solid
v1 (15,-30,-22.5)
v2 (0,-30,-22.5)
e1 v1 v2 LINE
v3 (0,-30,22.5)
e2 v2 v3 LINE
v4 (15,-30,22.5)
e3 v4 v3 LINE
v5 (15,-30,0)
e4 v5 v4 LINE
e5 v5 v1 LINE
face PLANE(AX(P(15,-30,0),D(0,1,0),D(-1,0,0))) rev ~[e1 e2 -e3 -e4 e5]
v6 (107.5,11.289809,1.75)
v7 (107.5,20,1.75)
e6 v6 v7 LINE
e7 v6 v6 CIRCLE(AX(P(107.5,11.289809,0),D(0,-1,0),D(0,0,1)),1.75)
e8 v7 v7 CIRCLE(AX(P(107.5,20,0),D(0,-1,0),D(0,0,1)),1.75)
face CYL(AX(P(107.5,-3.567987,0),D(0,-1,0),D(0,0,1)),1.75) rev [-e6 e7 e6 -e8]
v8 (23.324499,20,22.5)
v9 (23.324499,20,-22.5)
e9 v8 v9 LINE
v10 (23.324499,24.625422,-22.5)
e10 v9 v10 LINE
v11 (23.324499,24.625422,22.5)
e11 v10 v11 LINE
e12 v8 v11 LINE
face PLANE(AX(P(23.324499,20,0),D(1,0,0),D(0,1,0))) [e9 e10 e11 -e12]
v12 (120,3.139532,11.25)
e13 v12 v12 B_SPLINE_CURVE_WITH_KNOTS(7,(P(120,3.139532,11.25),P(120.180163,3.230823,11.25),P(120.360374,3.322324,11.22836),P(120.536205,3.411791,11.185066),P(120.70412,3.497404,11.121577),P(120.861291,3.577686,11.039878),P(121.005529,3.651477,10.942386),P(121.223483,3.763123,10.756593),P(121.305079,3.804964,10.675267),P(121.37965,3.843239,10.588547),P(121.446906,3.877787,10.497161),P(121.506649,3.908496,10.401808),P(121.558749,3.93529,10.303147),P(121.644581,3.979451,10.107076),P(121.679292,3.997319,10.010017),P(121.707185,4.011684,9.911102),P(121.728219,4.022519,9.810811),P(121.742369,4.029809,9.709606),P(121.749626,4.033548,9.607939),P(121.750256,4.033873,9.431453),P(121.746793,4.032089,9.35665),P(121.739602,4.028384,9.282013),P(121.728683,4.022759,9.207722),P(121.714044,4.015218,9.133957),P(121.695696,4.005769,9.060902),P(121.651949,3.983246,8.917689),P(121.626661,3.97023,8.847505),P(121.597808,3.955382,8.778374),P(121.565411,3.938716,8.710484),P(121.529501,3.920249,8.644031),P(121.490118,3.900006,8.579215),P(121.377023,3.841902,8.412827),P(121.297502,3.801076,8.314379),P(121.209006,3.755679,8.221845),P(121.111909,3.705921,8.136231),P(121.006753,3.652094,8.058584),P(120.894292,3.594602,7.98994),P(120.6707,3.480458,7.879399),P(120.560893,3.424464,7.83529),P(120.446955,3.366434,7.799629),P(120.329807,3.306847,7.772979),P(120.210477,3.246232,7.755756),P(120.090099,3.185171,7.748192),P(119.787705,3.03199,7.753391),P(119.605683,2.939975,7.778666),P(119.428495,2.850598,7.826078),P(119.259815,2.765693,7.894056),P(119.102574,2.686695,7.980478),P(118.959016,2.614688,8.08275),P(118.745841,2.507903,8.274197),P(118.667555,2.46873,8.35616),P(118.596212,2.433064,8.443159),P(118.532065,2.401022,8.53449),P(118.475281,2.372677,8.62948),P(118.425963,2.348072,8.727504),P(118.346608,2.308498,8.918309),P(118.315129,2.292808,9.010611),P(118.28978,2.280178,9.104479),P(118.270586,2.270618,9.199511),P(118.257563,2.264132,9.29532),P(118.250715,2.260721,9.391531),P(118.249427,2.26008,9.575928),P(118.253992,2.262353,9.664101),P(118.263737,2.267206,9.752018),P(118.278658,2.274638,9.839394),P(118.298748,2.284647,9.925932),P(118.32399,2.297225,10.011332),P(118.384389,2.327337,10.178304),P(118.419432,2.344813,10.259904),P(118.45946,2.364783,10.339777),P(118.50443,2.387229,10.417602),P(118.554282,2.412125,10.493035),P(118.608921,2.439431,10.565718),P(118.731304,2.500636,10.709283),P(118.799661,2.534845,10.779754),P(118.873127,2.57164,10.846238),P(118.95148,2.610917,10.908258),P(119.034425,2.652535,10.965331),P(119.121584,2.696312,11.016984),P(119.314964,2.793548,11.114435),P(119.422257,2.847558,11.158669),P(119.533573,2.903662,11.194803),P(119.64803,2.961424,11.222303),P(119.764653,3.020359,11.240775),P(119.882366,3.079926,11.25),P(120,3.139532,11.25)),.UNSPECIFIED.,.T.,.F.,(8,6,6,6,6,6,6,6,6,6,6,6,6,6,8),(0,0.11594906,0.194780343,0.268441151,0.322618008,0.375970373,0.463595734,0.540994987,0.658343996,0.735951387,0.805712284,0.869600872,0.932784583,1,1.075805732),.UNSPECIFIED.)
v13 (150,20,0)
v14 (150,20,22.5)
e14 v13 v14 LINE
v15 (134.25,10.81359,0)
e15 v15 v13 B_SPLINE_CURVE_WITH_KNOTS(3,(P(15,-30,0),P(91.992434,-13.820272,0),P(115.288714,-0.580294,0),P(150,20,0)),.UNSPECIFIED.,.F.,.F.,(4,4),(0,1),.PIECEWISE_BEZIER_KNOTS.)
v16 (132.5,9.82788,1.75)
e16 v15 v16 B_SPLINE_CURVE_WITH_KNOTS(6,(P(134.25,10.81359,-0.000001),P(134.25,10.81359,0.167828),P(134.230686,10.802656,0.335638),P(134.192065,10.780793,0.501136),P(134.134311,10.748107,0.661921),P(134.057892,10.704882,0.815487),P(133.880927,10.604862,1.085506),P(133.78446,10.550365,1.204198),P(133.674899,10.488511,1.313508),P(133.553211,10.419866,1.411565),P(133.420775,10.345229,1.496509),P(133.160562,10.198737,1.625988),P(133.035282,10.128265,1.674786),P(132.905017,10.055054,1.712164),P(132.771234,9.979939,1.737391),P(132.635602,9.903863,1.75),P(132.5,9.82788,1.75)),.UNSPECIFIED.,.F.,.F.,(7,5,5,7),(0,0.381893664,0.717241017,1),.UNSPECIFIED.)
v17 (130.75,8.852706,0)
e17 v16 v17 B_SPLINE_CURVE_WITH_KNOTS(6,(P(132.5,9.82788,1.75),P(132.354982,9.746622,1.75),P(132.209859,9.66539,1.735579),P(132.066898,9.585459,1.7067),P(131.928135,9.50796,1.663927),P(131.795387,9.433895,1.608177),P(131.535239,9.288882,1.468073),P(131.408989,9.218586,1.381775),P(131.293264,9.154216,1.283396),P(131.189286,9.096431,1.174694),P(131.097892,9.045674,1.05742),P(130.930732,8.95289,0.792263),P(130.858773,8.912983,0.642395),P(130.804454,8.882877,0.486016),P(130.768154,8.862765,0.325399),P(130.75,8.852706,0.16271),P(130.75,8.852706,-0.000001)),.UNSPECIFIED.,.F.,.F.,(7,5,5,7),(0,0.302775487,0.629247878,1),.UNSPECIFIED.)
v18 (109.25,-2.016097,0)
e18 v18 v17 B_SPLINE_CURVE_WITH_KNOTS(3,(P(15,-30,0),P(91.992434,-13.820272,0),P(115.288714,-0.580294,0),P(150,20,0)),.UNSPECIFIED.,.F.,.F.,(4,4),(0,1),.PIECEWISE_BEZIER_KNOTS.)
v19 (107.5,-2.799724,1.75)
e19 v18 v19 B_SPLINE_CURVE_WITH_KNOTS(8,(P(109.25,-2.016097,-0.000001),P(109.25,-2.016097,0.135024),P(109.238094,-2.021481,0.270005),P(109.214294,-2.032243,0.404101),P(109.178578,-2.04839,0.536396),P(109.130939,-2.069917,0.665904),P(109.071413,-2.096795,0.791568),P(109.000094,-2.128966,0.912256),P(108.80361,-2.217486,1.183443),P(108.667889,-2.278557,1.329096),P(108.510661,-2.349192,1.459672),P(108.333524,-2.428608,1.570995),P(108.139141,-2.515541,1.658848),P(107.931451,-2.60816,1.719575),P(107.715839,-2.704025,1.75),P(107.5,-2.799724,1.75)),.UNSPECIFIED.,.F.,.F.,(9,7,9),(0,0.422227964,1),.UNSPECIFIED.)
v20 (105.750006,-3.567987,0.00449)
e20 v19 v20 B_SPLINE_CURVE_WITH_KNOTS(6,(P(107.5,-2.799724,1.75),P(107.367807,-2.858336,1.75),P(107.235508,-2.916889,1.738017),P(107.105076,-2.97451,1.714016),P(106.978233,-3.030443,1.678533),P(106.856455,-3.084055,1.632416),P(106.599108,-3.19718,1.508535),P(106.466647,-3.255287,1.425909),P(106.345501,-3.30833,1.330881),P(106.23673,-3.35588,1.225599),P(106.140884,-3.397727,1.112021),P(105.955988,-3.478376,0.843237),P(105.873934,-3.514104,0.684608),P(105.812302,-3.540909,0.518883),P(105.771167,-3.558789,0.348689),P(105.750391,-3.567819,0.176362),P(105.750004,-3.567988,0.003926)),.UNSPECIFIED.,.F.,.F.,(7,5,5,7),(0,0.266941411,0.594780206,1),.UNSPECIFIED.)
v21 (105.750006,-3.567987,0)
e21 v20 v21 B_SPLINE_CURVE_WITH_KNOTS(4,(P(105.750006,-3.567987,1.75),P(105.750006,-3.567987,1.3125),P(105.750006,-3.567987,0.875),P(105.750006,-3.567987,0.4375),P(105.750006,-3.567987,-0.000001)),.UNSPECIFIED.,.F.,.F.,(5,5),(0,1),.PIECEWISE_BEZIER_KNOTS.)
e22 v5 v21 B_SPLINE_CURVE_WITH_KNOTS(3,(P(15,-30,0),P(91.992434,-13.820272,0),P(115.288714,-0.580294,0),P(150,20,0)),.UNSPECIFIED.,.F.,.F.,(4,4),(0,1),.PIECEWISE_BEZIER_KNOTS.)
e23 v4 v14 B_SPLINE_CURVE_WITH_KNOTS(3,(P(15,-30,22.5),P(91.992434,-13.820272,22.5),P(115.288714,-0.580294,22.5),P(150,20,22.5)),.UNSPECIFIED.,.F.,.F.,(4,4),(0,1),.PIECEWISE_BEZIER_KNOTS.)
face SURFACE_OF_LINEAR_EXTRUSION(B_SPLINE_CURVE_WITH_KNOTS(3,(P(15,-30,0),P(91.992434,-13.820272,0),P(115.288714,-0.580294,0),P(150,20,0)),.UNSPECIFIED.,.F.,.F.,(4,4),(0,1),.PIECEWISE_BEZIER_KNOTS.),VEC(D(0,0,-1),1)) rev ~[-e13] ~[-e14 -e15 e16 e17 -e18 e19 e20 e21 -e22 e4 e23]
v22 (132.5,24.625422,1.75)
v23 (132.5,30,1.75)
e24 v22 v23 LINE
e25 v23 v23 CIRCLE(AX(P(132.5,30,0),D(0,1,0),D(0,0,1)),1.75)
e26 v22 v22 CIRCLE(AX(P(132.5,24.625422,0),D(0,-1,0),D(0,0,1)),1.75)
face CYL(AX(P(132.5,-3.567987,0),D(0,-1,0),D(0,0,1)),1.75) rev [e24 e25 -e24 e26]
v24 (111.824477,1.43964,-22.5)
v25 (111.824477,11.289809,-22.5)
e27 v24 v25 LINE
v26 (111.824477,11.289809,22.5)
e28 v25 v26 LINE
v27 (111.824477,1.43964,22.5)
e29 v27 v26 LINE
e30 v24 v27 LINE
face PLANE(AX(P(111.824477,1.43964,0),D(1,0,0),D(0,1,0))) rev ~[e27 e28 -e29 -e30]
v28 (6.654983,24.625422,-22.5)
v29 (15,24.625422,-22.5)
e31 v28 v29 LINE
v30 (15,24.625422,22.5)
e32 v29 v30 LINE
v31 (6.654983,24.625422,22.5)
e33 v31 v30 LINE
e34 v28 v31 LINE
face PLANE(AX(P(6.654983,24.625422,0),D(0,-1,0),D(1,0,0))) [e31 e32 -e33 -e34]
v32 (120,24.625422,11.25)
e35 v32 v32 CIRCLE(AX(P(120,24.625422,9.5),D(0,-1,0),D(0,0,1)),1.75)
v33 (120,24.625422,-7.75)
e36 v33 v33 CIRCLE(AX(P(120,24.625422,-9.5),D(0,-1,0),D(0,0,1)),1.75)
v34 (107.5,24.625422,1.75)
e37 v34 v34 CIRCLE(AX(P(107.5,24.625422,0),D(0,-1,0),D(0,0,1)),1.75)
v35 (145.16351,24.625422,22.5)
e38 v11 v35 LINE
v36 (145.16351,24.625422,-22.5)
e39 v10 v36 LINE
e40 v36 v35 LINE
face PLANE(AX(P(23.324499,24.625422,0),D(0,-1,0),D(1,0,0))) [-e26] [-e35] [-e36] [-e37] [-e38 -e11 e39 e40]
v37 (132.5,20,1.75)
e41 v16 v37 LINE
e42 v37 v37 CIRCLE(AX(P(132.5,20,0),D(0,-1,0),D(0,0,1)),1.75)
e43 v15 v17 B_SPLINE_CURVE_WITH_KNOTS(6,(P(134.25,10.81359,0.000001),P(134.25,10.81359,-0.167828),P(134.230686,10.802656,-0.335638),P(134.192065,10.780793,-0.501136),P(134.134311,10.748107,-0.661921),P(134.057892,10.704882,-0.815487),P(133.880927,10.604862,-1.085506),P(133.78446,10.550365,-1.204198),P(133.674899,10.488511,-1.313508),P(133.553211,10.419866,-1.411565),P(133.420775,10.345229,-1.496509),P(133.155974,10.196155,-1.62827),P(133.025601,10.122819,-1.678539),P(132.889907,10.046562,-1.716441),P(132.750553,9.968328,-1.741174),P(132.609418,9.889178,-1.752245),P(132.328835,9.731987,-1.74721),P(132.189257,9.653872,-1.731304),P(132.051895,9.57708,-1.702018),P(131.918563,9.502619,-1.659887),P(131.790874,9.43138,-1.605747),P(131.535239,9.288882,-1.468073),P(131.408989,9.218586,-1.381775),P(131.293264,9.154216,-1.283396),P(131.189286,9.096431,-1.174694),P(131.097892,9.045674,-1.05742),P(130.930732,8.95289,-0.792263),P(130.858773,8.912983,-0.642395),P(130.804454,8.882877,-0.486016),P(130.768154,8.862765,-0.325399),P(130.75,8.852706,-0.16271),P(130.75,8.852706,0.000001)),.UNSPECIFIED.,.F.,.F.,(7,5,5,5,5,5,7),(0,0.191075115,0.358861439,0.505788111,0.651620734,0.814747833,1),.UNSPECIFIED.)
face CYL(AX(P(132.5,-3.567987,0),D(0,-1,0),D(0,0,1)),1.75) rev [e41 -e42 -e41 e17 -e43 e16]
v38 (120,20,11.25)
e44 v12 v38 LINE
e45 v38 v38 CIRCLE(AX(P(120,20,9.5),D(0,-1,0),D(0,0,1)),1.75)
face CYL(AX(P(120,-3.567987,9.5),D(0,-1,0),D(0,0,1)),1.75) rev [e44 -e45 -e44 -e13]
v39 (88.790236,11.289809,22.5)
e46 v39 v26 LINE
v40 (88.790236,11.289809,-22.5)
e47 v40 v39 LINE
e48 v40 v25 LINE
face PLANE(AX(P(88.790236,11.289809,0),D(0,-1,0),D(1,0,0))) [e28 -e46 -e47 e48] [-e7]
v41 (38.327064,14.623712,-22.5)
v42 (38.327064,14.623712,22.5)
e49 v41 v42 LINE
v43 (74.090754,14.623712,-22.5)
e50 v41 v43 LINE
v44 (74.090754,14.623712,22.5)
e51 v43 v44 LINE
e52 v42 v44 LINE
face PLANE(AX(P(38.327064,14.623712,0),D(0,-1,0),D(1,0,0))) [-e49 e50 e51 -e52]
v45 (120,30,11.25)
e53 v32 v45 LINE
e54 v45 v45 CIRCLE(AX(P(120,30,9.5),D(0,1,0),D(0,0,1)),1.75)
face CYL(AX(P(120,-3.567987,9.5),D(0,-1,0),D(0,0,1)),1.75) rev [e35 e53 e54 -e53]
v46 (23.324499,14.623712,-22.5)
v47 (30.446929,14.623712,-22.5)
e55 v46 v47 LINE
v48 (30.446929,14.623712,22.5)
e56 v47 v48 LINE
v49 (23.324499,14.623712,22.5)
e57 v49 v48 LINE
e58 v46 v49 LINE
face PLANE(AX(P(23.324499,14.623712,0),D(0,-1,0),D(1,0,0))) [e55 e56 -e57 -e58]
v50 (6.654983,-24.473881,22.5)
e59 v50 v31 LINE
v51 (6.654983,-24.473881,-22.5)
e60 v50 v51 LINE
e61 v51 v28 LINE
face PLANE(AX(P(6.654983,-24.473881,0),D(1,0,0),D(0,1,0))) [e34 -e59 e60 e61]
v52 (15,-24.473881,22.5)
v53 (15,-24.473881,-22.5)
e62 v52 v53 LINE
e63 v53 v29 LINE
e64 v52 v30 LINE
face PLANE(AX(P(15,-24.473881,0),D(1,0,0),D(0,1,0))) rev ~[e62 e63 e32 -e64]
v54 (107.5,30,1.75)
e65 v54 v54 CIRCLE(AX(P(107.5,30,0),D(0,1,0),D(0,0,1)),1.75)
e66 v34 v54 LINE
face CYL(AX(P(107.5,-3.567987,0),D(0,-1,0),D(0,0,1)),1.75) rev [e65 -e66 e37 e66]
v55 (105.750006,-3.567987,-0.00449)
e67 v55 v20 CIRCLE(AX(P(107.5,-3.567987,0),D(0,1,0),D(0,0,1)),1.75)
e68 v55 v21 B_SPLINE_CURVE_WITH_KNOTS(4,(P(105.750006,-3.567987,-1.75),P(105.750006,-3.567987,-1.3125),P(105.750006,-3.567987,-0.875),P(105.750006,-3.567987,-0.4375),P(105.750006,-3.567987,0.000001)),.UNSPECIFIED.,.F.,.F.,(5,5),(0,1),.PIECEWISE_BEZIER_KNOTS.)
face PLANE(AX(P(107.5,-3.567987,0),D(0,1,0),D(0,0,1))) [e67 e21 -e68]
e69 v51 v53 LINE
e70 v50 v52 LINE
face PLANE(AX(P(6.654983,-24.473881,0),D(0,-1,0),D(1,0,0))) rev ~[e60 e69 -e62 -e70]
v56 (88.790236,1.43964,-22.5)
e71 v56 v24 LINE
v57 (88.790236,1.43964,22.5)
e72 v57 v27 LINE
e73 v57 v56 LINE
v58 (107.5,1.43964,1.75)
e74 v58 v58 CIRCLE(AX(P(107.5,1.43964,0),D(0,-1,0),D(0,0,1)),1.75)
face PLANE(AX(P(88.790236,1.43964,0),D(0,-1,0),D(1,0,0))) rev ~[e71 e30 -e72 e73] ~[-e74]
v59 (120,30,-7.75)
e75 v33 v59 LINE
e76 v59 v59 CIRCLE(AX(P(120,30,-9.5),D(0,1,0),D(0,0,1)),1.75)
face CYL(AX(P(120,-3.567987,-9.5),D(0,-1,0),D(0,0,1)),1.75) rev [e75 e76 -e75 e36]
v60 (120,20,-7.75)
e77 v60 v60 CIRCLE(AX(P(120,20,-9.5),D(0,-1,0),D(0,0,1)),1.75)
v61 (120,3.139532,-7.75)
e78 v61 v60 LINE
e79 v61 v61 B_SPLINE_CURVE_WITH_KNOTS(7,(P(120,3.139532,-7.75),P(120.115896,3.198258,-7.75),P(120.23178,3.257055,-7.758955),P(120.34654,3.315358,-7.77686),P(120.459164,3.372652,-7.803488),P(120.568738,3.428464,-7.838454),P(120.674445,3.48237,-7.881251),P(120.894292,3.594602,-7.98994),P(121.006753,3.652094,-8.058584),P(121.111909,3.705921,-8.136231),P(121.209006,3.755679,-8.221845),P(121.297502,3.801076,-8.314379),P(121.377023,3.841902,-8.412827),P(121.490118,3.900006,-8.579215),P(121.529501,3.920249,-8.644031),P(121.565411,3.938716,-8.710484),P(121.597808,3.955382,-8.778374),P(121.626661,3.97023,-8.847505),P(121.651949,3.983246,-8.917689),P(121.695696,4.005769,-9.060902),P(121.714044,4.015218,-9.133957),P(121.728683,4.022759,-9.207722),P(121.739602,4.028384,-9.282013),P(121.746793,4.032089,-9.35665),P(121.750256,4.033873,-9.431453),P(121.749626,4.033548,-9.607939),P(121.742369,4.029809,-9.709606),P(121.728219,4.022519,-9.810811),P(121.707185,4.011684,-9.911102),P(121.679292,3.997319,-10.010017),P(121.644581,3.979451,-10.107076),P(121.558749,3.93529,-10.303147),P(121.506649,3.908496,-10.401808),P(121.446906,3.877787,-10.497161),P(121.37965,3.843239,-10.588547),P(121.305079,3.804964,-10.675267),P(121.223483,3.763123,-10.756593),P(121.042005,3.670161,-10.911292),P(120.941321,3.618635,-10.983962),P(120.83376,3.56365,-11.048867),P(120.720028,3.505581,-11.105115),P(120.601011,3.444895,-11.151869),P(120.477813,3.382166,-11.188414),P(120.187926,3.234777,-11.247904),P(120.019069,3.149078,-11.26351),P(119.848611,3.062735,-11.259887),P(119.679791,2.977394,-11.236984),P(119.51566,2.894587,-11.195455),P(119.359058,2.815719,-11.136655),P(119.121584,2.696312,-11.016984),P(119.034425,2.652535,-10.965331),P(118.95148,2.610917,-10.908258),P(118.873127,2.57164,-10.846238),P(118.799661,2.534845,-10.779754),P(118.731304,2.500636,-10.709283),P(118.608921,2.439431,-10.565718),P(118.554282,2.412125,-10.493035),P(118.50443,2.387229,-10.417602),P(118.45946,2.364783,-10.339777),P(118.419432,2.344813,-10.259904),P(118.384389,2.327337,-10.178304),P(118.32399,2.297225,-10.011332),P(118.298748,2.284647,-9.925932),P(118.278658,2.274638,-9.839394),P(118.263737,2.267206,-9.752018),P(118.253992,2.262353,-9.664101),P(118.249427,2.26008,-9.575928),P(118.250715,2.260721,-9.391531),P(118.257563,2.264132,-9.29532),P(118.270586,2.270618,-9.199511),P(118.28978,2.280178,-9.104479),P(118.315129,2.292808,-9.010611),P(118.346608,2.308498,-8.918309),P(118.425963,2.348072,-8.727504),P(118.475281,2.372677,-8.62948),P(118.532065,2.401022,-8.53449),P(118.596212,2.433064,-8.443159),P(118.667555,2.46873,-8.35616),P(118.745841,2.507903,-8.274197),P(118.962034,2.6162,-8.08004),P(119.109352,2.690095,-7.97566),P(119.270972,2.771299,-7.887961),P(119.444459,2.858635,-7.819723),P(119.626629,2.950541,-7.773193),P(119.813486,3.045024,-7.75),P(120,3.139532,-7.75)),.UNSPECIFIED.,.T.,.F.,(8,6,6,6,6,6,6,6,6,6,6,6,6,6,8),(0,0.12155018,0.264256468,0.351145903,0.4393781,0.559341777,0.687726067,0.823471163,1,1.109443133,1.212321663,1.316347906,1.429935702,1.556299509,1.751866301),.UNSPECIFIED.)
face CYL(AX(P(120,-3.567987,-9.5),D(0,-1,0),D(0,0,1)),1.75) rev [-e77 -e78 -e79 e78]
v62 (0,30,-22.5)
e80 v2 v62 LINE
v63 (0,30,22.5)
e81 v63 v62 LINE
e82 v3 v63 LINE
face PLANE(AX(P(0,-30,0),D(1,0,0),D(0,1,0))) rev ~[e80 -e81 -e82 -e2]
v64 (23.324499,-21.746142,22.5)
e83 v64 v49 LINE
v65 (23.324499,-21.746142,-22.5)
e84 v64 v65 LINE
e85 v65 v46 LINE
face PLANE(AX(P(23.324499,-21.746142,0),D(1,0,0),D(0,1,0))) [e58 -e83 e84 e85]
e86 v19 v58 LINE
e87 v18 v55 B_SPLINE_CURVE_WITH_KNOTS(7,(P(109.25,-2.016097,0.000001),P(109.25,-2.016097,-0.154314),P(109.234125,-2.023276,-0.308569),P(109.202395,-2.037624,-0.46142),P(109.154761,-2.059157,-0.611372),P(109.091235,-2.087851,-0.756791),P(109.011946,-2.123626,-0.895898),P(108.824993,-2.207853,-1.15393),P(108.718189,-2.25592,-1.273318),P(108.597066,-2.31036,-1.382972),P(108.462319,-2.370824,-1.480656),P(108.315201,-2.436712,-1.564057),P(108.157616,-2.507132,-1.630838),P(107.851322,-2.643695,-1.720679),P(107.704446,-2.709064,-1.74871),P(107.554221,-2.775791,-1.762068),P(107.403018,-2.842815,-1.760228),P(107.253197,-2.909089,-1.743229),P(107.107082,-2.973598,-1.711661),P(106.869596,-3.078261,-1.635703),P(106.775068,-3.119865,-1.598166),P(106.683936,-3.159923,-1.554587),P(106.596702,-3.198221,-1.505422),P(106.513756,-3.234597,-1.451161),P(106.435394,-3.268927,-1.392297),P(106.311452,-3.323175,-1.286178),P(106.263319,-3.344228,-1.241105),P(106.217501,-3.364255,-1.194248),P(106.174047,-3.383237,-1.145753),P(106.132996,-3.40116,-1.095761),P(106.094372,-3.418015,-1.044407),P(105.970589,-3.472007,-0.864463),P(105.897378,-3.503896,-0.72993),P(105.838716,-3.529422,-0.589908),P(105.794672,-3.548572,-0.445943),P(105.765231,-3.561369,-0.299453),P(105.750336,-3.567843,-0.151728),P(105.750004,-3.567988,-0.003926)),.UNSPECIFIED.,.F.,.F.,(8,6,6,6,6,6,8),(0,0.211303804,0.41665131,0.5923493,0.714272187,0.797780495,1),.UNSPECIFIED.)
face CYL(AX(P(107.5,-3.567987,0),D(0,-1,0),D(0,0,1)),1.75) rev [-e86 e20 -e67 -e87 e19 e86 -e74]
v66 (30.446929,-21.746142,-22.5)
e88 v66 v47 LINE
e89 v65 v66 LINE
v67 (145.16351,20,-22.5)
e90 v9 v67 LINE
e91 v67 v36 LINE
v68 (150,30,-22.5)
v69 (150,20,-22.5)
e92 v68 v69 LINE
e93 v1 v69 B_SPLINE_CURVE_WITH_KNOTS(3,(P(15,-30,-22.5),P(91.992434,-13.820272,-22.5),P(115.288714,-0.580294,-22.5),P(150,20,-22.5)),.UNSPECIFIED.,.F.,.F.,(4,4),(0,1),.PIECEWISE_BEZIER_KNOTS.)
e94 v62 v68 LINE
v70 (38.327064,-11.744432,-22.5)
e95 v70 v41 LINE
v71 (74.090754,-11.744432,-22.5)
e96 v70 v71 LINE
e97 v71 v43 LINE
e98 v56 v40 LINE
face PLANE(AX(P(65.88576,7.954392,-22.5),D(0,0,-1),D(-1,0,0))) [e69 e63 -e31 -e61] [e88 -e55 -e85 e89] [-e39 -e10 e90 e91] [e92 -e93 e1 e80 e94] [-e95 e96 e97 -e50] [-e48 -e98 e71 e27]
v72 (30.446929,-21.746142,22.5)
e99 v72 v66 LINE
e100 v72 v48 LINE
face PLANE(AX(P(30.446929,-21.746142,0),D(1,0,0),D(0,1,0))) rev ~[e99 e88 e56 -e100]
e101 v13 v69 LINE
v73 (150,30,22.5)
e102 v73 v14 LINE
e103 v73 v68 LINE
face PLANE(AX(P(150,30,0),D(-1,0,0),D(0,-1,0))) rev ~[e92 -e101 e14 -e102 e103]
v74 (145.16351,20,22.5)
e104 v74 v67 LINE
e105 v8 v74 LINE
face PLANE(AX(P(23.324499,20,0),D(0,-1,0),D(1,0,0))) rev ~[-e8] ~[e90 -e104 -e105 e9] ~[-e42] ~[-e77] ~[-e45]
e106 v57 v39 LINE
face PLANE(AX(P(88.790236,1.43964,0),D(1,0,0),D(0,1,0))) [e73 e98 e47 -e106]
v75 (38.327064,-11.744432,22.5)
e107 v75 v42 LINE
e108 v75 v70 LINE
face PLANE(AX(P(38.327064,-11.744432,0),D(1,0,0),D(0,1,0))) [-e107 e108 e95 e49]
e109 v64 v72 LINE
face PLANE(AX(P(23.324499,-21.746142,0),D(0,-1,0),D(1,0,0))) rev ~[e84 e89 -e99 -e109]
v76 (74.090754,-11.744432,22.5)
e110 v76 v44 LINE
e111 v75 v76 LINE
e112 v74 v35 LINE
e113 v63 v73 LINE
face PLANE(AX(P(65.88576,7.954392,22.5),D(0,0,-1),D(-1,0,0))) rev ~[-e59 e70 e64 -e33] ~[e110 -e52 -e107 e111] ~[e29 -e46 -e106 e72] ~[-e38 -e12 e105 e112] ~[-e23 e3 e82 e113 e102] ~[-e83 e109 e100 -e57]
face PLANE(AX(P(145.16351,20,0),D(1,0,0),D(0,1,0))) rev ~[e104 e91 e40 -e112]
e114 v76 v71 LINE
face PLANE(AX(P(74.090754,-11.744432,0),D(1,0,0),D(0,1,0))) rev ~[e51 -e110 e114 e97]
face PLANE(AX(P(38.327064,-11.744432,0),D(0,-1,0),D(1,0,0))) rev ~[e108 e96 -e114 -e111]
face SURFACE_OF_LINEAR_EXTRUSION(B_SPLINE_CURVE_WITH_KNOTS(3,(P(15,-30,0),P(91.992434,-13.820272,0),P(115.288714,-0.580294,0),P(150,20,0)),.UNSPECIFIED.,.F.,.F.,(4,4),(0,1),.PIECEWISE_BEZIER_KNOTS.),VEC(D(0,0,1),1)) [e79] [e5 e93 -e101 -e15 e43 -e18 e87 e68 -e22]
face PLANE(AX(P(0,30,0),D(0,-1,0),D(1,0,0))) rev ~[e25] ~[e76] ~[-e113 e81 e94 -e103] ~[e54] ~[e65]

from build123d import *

# Parameters (mm, degrees)
SKETCH3_W           = 8.345017316
SKETCH3_H           = 49.099302906
SKETCH3_W_2         = 121.839010914
SKETCH3_H_2         = 4.625421982
SKETCH3_W_3         = 7.122429743
SKETCH3_H_3         = 36.369854004
SKETCH3_W_4         = 35.763689771
SKETCH3_H_4         = 26.368144153
SKETCH3_W_5         = 23.034240869
SKETCH3_H_5         = 9.850168793
BOSS_EXTRUDE1_DEPTH = 22.5
CUT_EXTRUDE1_START  = -3.567987
SKETCH4_R           = 1.75
CUT_EXTRUDE1_DEPTH  = 33.567987


with BuildPart() as part:
    # Sketch3 → Boss-Extrude1 (new, symmetric)
    with BuildSketch(Plane.XY):
        with BuildLine():
            Line((0, -30), (0, 30))
            Line((0, 30), (150, 30))
            Line((150, 30), (150, 20))
            add(Edge.make_bspline(
                [(15, -30), (91.992434152, -13.820271626), (115.288714067, -0.58029396), (150, 20)],
                knots=[0, 0, 0, 0, 1, 1, 1, 1], degree=3))
            Line((15, -30), (0, -30))
        make_face()
        with Locations((10.827491342, 0.075770529)):
            Rectangle(SKETCH3_W, SKETCH3_H, mode=Mode.SUBTRACT)
        with Locations((84.244004559, 22.312710991)):
            Rectangle(SKETCH3_W_2, SKETCH3_H_2, mode=Mode.SUBTRACT)
        with Locations((26.885713974, -3.561214871)):
            Rectangle(SKETCH3_W_3, SKETCH3_H_3, mode=Mode.SUBTRACT)
        with Locations((56.208908765, 1.439640054)):
            Rectangle(SKETCH3_W_4, SKETCH3_H_4, mode=Mode.SUBTRACT)
        with Locations((100.307356745, 6.364724451)):
            Rectangle(SKETCH3_W_5, SKETCH3_H_5, mode=Mode.SUBTRACT)
    extrude(amount=BOSS_EXTRUDE1_DEPTH, both=True)

    # Sketch4 → Cut-Extrude1 (cut)
    with BuildSketch(Plane(origin=(0, 0, 0), x_dir=(1, 0, 0), z_dir=(0, 1, 0)).offset(CUT_EXTRUDE1_START)):
        with Locations(Location((107.5, 0, 0), (0, 0, 270))):
            Circle(SKETCH4_R)
        with Locations(Location((120, 9.5, 0), (0, 0, 270))):
            Circle(SKETCH4_R)
        with Locations(Location((132.5, 0, 0), (0, 0, 270))):
            Circle(SKETCH4_R)
        with Locations(Location((120, -9.5, 0), (0, 0, 270))):
            Circle(SKETCH4_R)
    extrude(amount=CUT_EXTRUDE1_DEPTH, mode=Mode.SUBTRACT)


solid = part.part
